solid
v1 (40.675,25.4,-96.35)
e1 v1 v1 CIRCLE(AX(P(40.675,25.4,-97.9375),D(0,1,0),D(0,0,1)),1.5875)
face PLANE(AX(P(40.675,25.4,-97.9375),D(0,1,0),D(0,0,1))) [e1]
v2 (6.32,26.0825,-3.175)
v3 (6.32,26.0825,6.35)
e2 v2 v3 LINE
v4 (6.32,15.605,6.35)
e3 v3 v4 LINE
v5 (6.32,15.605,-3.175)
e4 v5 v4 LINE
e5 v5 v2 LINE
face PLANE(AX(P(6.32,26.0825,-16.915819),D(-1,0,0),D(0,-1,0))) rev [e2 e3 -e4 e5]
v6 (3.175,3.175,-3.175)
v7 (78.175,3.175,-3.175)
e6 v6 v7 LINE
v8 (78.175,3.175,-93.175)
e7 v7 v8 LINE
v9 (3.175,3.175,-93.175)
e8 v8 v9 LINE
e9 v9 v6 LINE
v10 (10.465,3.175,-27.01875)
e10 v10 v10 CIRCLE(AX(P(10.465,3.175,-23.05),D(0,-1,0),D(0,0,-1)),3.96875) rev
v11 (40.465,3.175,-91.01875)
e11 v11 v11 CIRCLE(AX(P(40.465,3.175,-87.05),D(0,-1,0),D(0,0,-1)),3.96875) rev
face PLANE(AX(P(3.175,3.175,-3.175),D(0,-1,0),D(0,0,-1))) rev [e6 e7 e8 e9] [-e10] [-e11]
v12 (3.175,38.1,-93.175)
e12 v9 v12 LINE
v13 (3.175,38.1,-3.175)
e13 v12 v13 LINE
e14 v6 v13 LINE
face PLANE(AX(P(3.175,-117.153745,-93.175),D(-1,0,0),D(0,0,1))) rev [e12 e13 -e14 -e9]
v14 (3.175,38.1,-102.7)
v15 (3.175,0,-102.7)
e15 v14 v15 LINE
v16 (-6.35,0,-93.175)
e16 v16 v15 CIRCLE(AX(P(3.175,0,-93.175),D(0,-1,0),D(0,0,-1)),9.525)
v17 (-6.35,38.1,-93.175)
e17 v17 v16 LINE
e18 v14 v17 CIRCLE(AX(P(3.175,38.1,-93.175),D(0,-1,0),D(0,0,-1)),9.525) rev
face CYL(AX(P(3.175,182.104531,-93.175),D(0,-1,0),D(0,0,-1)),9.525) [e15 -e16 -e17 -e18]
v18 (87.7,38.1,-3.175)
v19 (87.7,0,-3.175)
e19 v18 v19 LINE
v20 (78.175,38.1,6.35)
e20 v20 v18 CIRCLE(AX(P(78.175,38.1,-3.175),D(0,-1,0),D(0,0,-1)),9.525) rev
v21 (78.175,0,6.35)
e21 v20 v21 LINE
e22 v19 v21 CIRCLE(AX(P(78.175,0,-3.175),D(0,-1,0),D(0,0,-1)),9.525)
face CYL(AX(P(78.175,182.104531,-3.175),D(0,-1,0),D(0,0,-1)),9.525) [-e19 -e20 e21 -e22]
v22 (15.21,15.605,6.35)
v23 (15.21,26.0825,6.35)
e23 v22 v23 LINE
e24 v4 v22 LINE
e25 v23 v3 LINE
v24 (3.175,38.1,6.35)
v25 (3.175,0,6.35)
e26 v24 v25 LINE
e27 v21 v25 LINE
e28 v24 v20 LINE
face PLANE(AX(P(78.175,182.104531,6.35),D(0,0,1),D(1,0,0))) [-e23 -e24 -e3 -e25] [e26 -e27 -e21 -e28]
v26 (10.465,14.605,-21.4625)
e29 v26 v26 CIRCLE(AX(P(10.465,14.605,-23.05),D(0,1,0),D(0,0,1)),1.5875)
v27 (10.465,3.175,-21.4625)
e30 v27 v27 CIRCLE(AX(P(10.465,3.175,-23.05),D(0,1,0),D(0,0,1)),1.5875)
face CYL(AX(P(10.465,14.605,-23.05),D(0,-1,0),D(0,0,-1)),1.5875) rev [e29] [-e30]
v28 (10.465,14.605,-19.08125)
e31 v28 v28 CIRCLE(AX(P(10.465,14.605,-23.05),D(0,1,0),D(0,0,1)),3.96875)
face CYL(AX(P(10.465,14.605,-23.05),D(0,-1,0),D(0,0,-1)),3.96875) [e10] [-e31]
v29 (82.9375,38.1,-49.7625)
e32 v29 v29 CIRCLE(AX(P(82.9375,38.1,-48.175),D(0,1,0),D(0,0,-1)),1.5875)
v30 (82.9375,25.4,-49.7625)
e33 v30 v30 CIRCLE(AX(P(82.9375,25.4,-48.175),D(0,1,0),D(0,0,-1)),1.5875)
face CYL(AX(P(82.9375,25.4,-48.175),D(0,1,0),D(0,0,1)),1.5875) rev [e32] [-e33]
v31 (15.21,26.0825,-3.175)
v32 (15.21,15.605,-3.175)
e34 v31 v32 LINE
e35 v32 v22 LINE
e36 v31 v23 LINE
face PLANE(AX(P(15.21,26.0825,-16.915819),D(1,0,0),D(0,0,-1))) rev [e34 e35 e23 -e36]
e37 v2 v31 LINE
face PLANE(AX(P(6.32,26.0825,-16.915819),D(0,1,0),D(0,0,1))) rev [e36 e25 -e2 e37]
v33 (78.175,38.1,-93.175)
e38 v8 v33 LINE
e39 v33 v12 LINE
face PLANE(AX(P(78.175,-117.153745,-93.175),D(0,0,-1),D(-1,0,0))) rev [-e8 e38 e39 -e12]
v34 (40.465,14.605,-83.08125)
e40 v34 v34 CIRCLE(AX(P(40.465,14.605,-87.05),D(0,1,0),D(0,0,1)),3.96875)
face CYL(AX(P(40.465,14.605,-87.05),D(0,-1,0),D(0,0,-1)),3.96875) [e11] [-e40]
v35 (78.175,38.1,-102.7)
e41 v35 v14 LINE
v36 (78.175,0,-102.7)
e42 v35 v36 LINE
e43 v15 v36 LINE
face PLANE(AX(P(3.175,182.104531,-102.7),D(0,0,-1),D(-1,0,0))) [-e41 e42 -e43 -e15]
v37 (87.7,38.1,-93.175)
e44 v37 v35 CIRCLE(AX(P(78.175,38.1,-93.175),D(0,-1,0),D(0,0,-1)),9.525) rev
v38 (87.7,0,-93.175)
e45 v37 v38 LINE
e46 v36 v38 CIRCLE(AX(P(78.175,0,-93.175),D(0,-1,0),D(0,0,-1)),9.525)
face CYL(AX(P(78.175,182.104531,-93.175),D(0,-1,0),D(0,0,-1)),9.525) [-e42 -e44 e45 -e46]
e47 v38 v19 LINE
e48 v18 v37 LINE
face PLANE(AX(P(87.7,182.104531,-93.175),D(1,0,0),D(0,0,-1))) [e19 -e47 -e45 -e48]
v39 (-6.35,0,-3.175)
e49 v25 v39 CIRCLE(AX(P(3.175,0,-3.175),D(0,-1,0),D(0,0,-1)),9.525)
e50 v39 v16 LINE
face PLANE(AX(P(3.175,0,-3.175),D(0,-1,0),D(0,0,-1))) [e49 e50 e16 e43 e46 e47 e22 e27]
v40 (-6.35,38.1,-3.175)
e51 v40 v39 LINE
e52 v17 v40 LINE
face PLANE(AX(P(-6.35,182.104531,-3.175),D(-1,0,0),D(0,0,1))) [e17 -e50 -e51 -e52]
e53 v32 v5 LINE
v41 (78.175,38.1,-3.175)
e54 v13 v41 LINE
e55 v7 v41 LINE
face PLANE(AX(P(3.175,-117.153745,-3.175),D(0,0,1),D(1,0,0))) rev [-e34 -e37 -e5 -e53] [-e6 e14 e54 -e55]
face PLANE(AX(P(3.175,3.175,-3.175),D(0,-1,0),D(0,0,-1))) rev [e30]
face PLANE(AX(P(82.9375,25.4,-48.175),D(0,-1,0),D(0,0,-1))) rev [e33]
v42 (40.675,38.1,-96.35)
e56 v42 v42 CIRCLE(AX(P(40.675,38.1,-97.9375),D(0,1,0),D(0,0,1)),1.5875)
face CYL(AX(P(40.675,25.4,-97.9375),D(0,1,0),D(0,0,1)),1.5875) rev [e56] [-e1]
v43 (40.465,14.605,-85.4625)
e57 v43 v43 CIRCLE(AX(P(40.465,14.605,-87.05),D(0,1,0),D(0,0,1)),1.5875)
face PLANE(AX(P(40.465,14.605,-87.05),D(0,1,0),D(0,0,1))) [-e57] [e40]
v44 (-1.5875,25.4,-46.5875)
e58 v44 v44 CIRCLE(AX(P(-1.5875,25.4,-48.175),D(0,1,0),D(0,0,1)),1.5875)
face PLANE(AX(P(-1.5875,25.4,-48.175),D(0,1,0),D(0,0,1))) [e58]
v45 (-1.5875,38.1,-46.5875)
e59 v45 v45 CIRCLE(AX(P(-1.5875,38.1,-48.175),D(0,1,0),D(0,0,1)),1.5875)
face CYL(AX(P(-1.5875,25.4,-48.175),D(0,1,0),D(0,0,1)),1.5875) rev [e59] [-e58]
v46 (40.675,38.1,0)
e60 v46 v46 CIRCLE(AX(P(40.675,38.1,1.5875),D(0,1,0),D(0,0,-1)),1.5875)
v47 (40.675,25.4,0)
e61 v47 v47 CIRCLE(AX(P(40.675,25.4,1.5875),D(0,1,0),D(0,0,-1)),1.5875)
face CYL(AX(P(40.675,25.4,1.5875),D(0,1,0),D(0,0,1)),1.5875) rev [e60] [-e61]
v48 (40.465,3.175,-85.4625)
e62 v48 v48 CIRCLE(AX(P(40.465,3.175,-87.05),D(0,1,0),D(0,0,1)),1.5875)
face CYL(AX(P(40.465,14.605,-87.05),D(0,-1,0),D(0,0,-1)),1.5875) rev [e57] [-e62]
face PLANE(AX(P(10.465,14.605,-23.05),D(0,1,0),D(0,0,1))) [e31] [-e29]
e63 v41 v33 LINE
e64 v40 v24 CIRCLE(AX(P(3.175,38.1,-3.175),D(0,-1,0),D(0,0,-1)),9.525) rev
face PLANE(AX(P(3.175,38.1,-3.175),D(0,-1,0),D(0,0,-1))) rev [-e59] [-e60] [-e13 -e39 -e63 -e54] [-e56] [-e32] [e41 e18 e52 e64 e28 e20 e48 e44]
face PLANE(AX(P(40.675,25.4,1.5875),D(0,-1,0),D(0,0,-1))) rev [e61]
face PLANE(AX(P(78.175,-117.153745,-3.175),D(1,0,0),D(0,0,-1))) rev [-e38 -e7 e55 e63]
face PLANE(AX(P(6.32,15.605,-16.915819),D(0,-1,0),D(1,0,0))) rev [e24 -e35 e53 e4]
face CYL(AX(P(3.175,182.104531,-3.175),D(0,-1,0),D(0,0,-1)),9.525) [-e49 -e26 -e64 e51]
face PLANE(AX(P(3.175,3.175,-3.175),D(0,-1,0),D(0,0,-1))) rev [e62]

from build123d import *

# Parameters (mm, degrees)
BOSS_EXTRUDE1_DEPTH = 38.1
SKETCH2_W           = 75.000000114
SKETCH2_H           = 90.000000086
CUT_EXTRUDE1_DEPTH  = 34.925
SKETCH3_R           = 3.96875
SKETCH3_R_2         = 1.5875
BOSS_EXTRUDE2_DEPTH = 11.43
BOSS_EXTRUDE3_DEPTH = 38.1
SKETCH5_R           = 1.5875
CUT_EXTRUDE2_DEPTH  = 12.7
SKETCH9_W           = 8.89
SKETCH9_H           = 10.4775
CUT_EXTRUDE3_DEPTH  = 9.525


with BuildPart() as part:
    # Sketch1 → Boss-Extrude1 (new body)
    with BuildSketch(Plane(origin=(0, 0, 0), x_dir=(1, 0, 0), z_dir=(0, 1, 0))):
        with BuildLine():
            Line((3.175, 0), (78.175000114, 0))
            ThreePointArc((78.175000114, 0), (80.420064144, 0.92993597), (81.350000114, 3.175))
            Line((81.350000114, 3.175), (81.350000114, 93.175000086))
            ThreePointArc((81.350000114, 93.175000086), (80.420064144, 95.420064116), (78.175000114, 96.350000086))
            Line((78.175000114, 96.350000086), (3.175, 96.350000086))
            ThreePointArc((3.175, 96.350000086), (0.92993597, 95.420064116), (0, 93.175000086))
            Line((0, 93.175000086), (0, 3.175))
            ThreePointArc((0, 3.175), (0.92993597, 0.92993597), (3.175, 0))
        make_face()
    extrude(amount=BOSS_EXTRUDE1_DEPTH)

    # Sketch2 → Cut-Extrude1 (cut)
    with BuildSketch(Plane(origin=(0, 38.1, 0), x_dir=(1, 0, 0), z_dir=(0, 1, 0))):
        with Locations((40.675000057, 48.175000043)):
            Rectangle(SKETCH2_W, SKETCH2_H)
    extrude(amount=-CUT_EXTRUDE1_DEPTH, mode=Mode.SUBTRACT)

    # Sketch3 → Boss-Extrude2 (add)
    # profile 1 of 2: a face of its own
    with BuildSketch(Plane(origin=(0, 3.175, 0), x_dir=(1, 0, 0), z_dir=(0, 1, 0))):
        with Locations(Location((40.465000057, 87.050000043, 0), (0, 0, 90))):
            Circle(SKETCH3_R)
        with Locations(Location((40.465000057, 87.050000043, 0), (0, 0, 270))):
            Circle(SKETCH3_R_2, mode=Mode.SUBTRACT)
    # profile 2 of 2: a face of its own
    with BuildSketch(Plane(origin=(0, 3.175, 0), x_dir=(1, 0, 0), z_dir=(0, 1, 0))):
        with Locations(Location((10.465000057, 23.050000043, 0), (0, 0, 90))):
            Circle(SKETCH3_R)
        with Locations(Location((10.465000057, 23.050000043, 0), (0, 0, 270))):
            Circle(SKETCH3_R_2, mode=Mode.SUBTRACT)
    extrude(amount=BOSS_EXTRUDE2_DEPTH)

    # Sketch4 → Boss-Extrude3 (add)
    with BuildSketch(Plane.XZ):
        with BuildLine():
            Line((-6.35, -3.175), (-6.35, -93.175000086))
            ThreePointArc((-6.35, -93.175000086), (-3.560192091, -99.910192177), (3.175, -102.700000086))
            Line((3.175, -102.700000086), (78.175000114, -102.700000086))
            ThreePointArc((78.175000114, -102.700000086), (84.910192205, -99.910192177), (87.700000114, -93.175000086))
            Line((87.700000114, -93.175000086), (87.700000114, -3.175))
            ThreePointArc((87.700000114, -3.175), (84.910192205, 3.560192091), (78.175000114, 6.35))
            Line((78.175000114, 6.35), (3.175, 6.35))
            ThreePointArc((3.175, 6.35), (-3.560192091, 3.560192091), (-6.35, -3.175))
        make_face()
        with BuildLine():
            Line((0, -3.175), (0, -93.175000086))
            ThreePointArc((0, -93.175000086), (0.92993597, -95.420064116), (3.175, -96.350000086))
            Line((3.175, -96.350000086), (78.175000114, -96.350000086))
            ThreePointArc((78.175000114, -96.350000086), (80.420064144, -95.420064116), (81.350000114, -93.175000086))
            Line((81.350000114, -93.175000086), (81.350000114, -3.175))
            ThreePointArc((81.350000114, -3.175), (80.420064144, -0.92993597), (78.175000114, 0))
            Line((78.175000114, 0), (3.175, 0))
            ThreePointArc((3.175, 0), (0.92993597, -0.92993597), (0, -3.175))
        make_face(mode=Mode.SUBTRACT)
    extrude(amount=-BOSS_EXTRUDE3_DEPTH)

    # Sketch5 → Cut-Extrude2 (cut)
    with BuildSketch(Plane(origin=(0, 38.1, 0), x_dir=(1, 0, 0), z_dir=(0, 1, 0))):
        with Locations(Location((-1.5875, 48.175000043, 0), (0, 0, 270))):
            Circle(SKETCH5_R)
        with Locations(Location((40.675000057, 97.937500086, 0), (0, 0, 270))):
            Circle(SKETCH5_R)
        with Locations(Location((40.675000057, -1.5875, 0), (0, 0, 90))):
            Circle(SKETCH5_R)
        with Locations(Location((82.937500114, 48.175000043, 0), (0, 0, 90))):
            Circle(SKETCH5_R)
    extrude(amount=-CUT_EXTRUDE2_DEPTH, mode=Mode.SUBTRACT)

    # Sketch9 → Cut-Extrude3 (cut)
    with BuildSketch(Plane.XY.offset(6.35)):
        with Locations((10.765000057, 20.84375)):
            Rectangle(SKETCH9_W, SKETCH9_H)
    extrude(amount=-CUT_EXTRUDE3_DEPTH, mode=Mode.SUBTRACT)


solid = part.part
